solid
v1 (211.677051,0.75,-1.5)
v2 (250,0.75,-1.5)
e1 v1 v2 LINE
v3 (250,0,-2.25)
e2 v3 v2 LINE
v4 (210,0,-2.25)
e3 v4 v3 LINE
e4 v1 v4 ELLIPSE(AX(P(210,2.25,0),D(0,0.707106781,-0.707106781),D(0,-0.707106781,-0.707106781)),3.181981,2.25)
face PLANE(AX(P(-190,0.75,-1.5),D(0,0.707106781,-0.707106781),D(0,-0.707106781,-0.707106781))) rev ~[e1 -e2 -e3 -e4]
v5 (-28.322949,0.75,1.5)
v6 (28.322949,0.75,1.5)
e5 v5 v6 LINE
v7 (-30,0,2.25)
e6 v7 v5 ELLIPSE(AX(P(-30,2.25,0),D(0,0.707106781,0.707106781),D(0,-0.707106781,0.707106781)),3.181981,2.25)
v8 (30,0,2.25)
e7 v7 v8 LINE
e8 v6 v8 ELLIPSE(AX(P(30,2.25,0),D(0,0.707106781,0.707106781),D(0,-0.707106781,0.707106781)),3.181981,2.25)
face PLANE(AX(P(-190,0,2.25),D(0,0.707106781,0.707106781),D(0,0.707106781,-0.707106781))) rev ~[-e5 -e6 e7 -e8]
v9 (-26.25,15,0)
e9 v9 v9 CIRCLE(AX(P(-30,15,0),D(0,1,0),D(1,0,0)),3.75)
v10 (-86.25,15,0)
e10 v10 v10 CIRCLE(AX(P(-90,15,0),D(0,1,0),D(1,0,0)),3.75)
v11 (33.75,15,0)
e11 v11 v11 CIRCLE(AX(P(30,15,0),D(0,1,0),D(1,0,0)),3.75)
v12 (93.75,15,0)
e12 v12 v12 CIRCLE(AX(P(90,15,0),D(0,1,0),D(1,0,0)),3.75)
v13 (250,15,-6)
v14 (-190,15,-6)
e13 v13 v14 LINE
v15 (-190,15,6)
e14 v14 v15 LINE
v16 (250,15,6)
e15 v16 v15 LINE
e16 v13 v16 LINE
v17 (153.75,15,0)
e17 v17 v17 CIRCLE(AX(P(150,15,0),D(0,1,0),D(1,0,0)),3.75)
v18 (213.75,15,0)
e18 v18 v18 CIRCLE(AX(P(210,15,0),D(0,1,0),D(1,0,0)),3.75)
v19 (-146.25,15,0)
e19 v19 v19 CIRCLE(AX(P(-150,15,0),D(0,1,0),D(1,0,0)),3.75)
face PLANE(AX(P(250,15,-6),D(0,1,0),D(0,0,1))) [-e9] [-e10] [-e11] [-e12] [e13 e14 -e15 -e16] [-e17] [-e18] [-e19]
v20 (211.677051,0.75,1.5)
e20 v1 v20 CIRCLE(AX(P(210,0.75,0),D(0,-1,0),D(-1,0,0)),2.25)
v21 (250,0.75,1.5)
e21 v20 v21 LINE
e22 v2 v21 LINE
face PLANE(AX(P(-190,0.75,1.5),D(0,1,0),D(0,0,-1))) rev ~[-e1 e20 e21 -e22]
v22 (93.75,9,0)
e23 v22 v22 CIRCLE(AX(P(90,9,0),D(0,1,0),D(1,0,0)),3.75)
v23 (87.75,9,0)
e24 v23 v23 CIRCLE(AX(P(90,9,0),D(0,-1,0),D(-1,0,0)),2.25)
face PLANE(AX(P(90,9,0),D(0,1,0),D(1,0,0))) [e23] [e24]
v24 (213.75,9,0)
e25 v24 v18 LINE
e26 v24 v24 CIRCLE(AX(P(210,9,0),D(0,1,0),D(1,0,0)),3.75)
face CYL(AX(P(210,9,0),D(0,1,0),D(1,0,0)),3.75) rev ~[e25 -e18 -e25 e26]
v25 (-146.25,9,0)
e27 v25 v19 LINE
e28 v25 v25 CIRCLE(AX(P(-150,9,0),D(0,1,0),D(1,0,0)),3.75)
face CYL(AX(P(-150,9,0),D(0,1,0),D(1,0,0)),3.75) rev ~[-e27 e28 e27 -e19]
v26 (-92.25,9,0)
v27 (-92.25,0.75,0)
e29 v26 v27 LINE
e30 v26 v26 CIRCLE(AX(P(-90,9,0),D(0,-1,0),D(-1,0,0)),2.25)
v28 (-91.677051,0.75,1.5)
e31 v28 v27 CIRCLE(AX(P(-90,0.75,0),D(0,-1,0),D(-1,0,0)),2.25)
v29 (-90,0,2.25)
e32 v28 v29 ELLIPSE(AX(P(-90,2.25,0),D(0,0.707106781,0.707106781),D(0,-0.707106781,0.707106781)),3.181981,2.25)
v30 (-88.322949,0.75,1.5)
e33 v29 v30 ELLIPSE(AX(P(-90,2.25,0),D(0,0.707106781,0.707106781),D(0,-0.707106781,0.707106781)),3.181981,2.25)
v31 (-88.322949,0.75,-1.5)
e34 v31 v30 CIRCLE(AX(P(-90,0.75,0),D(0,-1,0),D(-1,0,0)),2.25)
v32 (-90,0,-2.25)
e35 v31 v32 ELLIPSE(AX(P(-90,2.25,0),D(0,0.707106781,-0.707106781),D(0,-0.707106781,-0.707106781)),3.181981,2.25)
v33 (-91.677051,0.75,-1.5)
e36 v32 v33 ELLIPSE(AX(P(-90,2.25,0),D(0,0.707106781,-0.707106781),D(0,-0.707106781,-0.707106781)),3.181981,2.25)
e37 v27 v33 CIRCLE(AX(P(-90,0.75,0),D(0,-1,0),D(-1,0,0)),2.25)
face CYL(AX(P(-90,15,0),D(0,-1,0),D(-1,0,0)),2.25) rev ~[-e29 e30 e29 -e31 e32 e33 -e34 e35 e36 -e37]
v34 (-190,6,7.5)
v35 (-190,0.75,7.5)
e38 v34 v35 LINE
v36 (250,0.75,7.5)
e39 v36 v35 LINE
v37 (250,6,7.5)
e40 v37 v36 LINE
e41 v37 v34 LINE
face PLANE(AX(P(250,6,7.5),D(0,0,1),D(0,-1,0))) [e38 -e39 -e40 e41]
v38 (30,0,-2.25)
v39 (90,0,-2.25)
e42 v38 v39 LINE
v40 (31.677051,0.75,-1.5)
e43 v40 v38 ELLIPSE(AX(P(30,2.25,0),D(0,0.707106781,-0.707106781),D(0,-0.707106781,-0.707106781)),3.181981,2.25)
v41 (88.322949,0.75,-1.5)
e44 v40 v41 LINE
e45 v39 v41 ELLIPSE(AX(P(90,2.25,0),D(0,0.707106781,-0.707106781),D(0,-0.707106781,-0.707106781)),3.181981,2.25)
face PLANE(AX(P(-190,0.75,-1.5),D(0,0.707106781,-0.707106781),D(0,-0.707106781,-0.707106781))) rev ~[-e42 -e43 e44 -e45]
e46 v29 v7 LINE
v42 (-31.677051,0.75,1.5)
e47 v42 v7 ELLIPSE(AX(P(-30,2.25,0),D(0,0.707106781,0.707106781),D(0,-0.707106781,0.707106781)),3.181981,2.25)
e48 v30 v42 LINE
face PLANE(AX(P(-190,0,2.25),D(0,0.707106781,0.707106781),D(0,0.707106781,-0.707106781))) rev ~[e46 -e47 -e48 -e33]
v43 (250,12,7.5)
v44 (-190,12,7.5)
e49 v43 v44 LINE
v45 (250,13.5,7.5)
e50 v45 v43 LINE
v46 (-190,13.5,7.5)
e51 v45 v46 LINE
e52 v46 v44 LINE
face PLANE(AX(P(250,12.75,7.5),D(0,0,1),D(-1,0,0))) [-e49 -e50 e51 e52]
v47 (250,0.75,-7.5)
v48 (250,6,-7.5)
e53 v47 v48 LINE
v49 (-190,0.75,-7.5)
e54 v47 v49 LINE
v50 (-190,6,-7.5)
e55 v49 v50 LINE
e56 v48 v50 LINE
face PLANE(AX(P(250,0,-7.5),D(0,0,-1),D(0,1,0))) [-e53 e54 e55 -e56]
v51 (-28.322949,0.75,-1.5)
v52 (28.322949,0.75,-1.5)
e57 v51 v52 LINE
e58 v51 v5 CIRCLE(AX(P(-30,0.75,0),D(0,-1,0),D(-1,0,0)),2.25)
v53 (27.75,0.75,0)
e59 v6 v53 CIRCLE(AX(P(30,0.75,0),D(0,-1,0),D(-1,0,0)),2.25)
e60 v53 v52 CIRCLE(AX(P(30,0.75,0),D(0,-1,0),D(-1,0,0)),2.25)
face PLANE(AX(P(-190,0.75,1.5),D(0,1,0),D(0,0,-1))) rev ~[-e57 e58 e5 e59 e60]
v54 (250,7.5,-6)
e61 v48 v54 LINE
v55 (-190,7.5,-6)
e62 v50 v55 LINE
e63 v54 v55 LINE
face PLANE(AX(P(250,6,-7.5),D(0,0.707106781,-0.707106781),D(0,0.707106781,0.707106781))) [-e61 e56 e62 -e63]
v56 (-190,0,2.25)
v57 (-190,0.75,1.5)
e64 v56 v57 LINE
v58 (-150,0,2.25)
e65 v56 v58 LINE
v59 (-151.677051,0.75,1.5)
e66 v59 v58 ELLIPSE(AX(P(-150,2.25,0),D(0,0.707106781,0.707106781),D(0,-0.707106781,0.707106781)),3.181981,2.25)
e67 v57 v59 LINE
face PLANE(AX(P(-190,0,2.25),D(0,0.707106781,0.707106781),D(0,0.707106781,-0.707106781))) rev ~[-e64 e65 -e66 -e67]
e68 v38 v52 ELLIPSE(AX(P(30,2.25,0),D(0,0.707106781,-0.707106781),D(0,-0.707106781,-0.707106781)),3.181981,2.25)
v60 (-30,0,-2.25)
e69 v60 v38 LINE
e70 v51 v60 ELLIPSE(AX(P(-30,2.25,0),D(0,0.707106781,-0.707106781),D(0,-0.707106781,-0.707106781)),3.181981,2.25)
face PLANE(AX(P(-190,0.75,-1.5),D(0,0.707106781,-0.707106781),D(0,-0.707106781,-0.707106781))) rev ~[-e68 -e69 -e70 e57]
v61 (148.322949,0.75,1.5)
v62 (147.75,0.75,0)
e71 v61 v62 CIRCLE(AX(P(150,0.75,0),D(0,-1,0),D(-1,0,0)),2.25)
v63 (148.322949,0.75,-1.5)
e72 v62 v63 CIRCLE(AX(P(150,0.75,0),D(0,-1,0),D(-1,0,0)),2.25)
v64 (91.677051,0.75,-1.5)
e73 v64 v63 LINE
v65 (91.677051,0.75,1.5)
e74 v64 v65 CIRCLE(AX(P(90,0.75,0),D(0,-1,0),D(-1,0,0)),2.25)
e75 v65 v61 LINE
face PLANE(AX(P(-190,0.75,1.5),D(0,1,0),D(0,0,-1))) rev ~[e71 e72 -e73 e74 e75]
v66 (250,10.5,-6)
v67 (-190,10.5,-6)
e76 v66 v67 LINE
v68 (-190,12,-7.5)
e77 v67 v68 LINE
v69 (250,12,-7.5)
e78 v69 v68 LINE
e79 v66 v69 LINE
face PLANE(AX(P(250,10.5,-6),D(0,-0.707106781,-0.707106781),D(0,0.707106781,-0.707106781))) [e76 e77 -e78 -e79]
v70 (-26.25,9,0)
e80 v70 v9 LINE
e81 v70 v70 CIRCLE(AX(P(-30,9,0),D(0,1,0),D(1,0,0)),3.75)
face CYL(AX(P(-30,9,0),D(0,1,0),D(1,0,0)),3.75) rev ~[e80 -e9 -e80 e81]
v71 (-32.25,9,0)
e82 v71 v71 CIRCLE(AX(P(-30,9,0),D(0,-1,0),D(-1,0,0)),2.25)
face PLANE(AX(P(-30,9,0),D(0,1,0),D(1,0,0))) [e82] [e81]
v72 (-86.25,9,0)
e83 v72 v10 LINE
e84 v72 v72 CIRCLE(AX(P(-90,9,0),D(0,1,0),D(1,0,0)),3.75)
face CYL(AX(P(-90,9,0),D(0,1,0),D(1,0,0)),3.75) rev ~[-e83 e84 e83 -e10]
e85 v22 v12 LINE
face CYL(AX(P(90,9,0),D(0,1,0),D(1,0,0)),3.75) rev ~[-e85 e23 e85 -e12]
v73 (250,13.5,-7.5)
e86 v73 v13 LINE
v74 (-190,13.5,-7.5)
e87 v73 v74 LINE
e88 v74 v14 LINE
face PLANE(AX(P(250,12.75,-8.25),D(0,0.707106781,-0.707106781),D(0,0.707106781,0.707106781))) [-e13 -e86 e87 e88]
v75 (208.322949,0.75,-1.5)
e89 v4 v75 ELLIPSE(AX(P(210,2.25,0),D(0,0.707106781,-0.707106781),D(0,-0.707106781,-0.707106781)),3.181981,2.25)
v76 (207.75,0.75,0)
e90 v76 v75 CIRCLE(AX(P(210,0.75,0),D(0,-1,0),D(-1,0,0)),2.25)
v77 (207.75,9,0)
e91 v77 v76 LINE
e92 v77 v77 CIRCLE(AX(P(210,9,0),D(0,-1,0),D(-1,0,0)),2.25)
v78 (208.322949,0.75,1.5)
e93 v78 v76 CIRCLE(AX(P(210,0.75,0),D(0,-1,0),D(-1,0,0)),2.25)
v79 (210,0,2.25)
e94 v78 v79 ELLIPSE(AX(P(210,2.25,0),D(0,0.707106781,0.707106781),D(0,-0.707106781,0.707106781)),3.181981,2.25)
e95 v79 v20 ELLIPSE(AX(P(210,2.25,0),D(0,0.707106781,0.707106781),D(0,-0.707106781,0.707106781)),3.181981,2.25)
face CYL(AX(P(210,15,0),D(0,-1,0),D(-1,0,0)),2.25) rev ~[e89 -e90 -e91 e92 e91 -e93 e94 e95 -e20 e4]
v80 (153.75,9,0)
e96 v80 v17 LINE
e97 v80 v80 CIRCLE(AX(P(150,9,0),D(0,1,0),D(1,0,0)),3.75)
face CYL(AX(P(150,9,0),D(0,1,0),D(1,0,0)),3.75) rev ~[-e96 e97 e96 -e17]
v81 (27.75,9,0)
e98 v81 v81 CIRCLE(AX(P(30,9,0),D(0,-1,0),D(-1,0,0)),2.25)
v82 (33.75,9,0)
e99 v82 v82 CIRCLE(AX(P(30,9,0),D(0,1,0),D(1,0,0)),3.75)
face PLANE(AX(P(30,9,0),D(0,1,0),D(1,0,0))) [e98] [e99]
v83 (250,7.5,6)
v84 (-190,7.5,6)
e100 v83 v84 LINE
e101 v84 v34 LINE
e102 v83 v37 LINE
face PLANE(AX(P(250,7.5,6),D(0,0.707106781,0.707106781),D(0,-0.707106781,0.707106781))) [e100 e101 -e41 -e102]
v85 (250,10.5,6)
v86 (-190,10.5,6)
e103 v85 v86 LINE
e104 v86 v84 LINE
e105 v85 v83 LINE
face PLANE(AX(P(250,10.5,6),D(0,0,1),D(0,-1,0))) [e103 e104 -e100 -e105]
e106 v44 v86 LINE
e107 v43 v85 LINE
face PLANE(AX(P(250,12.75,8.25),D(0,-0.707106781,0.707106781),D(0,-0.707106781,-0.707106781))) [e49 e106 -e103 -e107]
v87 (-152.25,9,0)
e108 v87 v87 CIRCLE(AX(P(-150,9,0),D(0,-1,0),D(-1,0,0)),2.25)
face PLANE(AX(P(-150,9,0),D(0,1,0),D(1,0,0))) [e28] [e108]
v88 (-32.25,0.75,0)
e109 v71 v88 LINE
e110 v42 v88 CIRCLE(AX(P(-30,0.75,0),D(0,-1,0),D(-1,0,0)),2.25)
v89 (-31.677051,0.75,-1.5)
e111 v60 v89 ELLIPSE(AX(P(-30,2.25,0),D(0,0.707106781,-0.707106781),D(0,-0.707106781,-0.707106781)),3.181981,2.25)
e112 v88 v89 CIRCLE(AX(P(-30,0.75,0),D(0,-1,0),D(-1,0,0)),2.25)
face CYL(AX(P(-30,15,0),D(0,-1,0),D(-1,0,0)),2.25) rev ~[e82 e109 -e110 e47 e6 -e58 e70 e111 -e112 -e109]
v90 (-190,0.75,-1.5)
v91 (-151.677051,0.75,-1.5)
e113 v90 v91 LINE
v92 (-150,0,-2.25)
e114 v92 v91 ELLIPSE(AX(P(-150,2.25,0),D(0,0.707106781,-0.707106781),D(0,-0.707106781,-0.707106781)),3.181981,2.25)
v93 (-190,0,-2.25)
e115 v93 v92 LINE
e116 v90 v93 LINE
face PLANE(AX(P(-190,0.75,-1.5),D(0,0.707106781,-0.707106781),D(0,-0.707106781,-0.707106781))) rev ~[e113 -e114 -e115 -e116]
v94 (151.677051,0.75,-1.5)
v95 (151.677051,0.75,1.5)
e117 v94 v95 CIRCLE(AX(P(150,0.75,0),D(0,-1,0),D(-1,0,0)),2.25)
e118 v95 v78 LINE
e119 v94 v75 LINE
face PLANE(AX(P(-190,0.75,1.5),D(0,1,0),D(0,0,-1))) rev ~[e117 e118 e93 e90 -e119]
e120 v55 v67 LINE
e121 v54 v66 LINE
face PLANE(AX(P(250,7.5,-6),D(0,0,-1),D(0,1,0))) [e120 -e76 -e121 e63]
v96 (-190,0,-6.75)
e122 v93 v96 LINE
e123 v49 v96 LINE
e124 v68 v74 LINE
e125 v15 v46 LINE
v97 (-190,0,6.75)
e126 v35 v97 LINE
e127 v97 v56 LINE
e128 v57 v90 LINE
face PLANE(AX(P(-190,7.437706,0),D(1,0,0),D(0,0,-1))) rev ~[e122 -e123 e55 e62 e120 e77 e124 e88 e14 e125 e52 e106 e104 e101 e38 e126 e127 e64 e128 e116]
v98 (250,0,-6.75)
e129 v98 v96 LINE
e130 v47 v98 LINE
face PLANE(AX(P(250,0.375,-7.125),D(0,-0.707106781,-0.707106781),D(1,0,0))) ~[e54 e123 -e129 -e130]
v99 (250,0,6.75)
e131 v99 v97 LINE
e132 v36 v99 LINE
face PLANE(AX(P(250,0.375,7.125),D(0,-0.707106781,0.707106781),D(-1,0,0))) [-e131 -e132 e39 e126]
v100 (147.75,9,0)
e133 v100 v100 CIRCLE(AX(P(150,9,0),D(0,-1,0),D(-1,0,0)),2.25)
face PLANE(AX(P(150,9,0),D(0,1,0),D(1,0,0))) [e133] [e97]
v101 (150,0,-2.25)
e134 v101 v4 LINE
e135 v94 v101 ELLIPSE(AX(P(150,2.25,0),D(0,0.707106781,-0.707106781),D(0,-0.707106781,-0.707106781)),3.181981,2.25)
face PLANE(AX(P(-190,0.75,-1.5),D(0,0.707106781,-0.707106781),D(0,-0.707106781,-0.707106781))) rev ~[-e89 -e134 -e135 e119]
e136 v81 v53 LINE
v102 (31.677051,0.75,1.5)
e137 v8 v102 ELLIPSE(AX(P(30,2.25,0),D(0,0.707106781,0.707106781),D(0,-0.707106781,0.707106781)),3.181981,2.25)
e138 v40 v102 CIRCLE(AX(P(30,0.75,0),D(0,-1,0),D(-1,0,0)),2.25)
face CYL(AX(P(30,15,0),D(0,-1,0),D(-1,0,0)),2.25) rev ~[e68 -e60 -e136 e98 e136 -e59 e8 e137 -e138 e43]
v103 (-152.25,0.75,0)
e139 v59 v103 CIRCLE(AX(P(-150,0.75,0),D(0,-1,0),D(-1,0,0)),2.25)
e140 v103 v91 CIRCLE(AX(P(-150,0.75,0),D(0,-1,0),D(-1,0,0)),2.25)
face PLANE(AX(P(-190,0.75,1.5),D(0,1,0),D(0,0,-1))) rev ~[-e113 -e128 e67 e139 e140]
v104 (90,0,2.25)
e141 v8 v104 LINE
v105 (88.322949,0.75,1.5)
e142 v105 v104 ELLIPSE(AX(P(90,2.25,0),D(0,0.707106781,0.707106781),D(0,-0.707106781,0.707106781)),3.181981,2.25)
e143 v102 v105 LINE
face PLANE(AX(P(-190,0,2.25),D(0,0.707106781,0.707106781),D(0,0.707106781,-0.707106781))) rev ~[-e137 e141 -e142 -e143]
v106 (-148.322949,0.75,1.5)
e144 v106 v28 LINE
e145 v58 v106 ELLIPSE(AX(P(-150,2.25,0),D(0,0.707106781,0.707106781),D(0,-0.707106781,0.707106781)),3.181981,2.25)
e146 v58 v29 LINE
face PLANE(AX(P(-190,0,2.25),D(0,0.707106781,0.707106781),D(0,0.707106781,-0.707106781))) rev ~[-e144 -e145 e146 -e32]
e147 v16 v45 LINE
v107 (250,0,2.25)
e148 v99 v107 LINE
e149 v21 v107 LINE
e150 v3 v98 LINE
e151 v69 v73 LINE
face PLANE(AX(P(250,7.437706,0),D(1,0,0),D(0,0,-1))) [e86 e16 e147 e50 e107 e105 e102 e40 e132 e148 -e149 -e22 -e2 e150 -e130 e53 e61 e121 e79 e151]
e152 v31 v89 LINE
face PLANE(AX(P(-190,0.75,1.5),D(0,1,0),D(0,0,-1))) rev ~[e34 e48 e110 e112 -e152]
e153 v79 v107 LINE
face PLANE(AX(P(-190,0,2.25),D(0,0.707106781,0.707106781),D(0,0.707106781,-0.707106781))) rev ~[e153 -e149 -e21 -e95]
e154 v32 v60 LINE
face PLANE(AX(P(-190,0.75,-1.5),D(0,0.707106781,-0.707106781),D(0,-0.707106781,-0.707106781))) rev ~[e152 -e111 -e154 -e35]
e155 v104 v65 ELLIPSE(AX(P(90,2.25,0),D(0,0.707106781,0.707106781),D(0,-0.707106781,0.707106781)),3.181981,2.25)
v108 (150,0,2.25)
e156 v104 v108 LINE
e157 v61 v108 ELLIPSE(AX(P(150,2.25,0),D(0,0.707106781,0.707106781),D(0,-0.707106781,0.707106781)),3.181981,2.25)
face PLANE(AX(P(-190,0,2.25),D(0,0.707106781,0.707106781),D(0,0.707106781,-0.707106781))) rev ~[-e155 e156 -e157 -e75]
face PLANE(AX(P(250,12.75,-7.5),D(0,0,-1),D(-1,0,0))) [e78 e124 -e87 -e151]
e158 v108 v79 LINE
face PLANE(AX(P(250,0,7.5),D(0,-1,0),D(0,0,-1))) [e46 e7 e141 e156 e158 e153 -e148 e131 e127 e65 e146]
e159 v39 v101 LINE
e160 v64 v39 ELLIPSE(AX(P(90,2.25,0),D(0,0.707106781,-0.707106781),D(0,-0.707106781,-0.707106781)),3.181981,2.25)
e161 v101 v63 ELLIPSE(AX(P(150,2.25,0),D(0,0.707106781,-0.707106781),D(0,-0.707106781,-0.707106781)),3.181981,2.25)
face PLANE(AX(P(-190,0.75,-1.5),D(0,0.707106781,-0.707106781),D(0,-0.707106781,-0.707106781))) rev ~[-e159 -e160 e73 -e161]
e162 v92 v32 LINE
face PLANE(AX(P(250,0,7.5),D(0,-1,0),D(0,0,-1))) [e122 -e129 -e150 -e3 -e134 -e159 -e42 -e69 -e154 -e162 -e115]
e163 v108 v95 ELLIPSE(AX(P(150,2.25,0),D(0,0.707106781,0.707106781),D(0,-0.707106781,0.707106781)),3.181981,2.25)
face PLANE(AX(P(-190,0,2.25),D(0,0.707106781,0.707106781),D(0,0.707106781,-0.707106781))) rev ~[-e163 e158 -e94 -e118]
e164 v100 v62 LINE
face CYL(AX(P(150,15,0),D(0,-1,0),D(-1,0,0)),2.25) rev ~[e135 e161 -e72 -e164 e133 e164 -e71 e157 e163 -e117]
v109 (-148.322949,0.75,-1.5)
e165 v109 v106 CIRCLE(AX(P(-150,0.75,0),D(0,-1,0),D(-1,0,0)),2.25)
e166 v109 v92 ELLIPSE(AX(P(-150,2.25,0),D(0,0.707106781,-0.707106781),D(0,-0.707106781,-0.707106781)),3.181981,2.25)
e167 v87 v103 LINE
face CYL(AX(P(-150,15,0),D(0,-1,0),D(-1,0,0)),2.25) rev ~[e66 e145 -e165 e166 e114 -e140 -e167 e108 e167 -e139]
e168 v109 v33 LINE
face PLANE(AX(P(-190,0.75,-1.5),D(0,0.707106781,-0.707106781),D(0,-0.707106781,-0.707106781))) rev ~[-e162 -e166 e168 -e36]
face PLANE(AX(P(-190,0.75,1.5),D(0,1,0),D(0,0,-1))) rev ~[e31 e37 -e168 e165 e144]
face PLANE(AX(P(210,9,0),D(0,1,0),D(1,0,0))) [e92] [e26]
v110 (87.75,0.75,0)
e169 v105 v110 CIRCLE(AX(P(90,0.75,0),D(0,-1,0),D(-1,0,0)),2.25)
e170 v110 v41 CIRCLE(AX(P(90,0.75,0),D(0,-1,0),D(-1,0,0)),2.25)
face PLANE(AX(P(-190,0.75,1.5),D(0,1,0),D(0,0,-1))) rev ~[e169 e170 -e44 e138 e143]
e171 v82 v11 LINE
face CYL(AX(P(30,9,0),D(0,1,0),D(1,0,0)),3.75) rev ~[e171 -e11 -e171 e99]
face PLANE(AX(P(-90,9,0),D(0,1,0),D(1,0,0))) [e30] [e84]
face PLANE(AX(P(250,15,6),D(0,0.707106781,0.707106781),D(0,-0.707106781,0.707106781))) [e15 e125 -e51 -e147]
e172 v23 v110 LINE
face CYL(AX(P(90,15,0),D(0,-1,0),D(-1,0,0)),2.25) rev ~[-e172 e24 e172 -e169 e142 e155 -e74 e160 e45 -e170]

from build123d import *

# Parameters (mm, degrees)
BOSS_EXTRUDE1_DEPTH                              = 440
CUT_EXTRUDE1_DEPTH                               = 441.332899634
CBORE_FOR_M4_HEX_HEAD_MACHINE_SCREW1_D           = 4.5
CBORE_FOR_M4_HEX_HEAD_MACHINE_SCREW1_DEPTH       = 15
CBORE_FOR_M4_HEX_HEAD_MACHINE_SCREW1_CBORE_D     = 7.5
CBORE_FOR_M4_HEX_HEAD_MACHINE_SCREW1_CBORE_DEPTH = 6
CHAMFER1_SIZE                                    = 0.75
CHAMFER2_SIZE                                    = 1.060660172


with BuildPart() as part:
    # Sketch1 → Boss-Extrude1 (new body)
    with BuildSketch(Plane(origin=(250, 0, 0), x_dir=(0, 0, -1), z_dir=(1, 0, 0))):
        Polygon((-7.5, 6), (-7.5, 0), (7.5, 0), (7.5, 6), (6, 7.5), (6, 10.5), (8.25, 12.75), (6, 15), (-6, 15), (-8.25, 12.75), (-6, 10.5), (-6, 7.5), align=None)
    extrude(amount=-BOSS_EXTRUDE1_DEPTH)

    # Sketch2 → Cut-Extrude1 (cut, through all)
    with BuildSketch(Plane.ZY.offset(190)):
        Polygon((-2.25, 0), (2.25, 0), (1.5, 0.75), (-1.5, 0.75), align=None)
    extrude(amount=-CUT_EXTRUDE1_DEPTH, mode=Mode.SUBTRACT)

    # CBORE for M4 Hex Head Machine Screw1
    with Locations(Plane(origin=(0, 15, 0), x_dir=(1, 0, 0), z_dir=(0, 1, 0))):
        with Locations((210, 0), (150, 0), (90, 0), (30, 0), (-30, 0), (-90, 0), (-150, 0), (-210, 0)):
            CounterBoreHole(CBORE_FOR_M4_HEX_HEAD_MACHINE_SCREW1_D / 2, CBORE_FOR_M4_HEX_HEAD_MACHINE_SCREW1_CBORE_D / 2, CBORE_FOR_M4_HEX_HEAD_MACHINE_SCREW1_CBORE_DEPTH, depth=CBORE_FOR_M4_HEX_HEAD_MACHINE_SCREW1_DEPTH)

    # Chamfer1
    chamfer1_edges = [part.edges().sort_by_distance(p)[0] for p in [
        (30, 0, -7.5),
        (30, 0, 7.5),
    ]]
    chamfer(chamfer1_edges, length=CHAMFER1_SIZE)

    # Chamfer2
    chamfer2_edges = [part.edges().sort_by_distance(p)[0] for p in [
        (30, 12.75, 8.25),
        (30, 12.75, -8.25),
    ]]
    chamfer(chamfer2_edges, length=CHAMFER2_SIZE)


solid = part.part
